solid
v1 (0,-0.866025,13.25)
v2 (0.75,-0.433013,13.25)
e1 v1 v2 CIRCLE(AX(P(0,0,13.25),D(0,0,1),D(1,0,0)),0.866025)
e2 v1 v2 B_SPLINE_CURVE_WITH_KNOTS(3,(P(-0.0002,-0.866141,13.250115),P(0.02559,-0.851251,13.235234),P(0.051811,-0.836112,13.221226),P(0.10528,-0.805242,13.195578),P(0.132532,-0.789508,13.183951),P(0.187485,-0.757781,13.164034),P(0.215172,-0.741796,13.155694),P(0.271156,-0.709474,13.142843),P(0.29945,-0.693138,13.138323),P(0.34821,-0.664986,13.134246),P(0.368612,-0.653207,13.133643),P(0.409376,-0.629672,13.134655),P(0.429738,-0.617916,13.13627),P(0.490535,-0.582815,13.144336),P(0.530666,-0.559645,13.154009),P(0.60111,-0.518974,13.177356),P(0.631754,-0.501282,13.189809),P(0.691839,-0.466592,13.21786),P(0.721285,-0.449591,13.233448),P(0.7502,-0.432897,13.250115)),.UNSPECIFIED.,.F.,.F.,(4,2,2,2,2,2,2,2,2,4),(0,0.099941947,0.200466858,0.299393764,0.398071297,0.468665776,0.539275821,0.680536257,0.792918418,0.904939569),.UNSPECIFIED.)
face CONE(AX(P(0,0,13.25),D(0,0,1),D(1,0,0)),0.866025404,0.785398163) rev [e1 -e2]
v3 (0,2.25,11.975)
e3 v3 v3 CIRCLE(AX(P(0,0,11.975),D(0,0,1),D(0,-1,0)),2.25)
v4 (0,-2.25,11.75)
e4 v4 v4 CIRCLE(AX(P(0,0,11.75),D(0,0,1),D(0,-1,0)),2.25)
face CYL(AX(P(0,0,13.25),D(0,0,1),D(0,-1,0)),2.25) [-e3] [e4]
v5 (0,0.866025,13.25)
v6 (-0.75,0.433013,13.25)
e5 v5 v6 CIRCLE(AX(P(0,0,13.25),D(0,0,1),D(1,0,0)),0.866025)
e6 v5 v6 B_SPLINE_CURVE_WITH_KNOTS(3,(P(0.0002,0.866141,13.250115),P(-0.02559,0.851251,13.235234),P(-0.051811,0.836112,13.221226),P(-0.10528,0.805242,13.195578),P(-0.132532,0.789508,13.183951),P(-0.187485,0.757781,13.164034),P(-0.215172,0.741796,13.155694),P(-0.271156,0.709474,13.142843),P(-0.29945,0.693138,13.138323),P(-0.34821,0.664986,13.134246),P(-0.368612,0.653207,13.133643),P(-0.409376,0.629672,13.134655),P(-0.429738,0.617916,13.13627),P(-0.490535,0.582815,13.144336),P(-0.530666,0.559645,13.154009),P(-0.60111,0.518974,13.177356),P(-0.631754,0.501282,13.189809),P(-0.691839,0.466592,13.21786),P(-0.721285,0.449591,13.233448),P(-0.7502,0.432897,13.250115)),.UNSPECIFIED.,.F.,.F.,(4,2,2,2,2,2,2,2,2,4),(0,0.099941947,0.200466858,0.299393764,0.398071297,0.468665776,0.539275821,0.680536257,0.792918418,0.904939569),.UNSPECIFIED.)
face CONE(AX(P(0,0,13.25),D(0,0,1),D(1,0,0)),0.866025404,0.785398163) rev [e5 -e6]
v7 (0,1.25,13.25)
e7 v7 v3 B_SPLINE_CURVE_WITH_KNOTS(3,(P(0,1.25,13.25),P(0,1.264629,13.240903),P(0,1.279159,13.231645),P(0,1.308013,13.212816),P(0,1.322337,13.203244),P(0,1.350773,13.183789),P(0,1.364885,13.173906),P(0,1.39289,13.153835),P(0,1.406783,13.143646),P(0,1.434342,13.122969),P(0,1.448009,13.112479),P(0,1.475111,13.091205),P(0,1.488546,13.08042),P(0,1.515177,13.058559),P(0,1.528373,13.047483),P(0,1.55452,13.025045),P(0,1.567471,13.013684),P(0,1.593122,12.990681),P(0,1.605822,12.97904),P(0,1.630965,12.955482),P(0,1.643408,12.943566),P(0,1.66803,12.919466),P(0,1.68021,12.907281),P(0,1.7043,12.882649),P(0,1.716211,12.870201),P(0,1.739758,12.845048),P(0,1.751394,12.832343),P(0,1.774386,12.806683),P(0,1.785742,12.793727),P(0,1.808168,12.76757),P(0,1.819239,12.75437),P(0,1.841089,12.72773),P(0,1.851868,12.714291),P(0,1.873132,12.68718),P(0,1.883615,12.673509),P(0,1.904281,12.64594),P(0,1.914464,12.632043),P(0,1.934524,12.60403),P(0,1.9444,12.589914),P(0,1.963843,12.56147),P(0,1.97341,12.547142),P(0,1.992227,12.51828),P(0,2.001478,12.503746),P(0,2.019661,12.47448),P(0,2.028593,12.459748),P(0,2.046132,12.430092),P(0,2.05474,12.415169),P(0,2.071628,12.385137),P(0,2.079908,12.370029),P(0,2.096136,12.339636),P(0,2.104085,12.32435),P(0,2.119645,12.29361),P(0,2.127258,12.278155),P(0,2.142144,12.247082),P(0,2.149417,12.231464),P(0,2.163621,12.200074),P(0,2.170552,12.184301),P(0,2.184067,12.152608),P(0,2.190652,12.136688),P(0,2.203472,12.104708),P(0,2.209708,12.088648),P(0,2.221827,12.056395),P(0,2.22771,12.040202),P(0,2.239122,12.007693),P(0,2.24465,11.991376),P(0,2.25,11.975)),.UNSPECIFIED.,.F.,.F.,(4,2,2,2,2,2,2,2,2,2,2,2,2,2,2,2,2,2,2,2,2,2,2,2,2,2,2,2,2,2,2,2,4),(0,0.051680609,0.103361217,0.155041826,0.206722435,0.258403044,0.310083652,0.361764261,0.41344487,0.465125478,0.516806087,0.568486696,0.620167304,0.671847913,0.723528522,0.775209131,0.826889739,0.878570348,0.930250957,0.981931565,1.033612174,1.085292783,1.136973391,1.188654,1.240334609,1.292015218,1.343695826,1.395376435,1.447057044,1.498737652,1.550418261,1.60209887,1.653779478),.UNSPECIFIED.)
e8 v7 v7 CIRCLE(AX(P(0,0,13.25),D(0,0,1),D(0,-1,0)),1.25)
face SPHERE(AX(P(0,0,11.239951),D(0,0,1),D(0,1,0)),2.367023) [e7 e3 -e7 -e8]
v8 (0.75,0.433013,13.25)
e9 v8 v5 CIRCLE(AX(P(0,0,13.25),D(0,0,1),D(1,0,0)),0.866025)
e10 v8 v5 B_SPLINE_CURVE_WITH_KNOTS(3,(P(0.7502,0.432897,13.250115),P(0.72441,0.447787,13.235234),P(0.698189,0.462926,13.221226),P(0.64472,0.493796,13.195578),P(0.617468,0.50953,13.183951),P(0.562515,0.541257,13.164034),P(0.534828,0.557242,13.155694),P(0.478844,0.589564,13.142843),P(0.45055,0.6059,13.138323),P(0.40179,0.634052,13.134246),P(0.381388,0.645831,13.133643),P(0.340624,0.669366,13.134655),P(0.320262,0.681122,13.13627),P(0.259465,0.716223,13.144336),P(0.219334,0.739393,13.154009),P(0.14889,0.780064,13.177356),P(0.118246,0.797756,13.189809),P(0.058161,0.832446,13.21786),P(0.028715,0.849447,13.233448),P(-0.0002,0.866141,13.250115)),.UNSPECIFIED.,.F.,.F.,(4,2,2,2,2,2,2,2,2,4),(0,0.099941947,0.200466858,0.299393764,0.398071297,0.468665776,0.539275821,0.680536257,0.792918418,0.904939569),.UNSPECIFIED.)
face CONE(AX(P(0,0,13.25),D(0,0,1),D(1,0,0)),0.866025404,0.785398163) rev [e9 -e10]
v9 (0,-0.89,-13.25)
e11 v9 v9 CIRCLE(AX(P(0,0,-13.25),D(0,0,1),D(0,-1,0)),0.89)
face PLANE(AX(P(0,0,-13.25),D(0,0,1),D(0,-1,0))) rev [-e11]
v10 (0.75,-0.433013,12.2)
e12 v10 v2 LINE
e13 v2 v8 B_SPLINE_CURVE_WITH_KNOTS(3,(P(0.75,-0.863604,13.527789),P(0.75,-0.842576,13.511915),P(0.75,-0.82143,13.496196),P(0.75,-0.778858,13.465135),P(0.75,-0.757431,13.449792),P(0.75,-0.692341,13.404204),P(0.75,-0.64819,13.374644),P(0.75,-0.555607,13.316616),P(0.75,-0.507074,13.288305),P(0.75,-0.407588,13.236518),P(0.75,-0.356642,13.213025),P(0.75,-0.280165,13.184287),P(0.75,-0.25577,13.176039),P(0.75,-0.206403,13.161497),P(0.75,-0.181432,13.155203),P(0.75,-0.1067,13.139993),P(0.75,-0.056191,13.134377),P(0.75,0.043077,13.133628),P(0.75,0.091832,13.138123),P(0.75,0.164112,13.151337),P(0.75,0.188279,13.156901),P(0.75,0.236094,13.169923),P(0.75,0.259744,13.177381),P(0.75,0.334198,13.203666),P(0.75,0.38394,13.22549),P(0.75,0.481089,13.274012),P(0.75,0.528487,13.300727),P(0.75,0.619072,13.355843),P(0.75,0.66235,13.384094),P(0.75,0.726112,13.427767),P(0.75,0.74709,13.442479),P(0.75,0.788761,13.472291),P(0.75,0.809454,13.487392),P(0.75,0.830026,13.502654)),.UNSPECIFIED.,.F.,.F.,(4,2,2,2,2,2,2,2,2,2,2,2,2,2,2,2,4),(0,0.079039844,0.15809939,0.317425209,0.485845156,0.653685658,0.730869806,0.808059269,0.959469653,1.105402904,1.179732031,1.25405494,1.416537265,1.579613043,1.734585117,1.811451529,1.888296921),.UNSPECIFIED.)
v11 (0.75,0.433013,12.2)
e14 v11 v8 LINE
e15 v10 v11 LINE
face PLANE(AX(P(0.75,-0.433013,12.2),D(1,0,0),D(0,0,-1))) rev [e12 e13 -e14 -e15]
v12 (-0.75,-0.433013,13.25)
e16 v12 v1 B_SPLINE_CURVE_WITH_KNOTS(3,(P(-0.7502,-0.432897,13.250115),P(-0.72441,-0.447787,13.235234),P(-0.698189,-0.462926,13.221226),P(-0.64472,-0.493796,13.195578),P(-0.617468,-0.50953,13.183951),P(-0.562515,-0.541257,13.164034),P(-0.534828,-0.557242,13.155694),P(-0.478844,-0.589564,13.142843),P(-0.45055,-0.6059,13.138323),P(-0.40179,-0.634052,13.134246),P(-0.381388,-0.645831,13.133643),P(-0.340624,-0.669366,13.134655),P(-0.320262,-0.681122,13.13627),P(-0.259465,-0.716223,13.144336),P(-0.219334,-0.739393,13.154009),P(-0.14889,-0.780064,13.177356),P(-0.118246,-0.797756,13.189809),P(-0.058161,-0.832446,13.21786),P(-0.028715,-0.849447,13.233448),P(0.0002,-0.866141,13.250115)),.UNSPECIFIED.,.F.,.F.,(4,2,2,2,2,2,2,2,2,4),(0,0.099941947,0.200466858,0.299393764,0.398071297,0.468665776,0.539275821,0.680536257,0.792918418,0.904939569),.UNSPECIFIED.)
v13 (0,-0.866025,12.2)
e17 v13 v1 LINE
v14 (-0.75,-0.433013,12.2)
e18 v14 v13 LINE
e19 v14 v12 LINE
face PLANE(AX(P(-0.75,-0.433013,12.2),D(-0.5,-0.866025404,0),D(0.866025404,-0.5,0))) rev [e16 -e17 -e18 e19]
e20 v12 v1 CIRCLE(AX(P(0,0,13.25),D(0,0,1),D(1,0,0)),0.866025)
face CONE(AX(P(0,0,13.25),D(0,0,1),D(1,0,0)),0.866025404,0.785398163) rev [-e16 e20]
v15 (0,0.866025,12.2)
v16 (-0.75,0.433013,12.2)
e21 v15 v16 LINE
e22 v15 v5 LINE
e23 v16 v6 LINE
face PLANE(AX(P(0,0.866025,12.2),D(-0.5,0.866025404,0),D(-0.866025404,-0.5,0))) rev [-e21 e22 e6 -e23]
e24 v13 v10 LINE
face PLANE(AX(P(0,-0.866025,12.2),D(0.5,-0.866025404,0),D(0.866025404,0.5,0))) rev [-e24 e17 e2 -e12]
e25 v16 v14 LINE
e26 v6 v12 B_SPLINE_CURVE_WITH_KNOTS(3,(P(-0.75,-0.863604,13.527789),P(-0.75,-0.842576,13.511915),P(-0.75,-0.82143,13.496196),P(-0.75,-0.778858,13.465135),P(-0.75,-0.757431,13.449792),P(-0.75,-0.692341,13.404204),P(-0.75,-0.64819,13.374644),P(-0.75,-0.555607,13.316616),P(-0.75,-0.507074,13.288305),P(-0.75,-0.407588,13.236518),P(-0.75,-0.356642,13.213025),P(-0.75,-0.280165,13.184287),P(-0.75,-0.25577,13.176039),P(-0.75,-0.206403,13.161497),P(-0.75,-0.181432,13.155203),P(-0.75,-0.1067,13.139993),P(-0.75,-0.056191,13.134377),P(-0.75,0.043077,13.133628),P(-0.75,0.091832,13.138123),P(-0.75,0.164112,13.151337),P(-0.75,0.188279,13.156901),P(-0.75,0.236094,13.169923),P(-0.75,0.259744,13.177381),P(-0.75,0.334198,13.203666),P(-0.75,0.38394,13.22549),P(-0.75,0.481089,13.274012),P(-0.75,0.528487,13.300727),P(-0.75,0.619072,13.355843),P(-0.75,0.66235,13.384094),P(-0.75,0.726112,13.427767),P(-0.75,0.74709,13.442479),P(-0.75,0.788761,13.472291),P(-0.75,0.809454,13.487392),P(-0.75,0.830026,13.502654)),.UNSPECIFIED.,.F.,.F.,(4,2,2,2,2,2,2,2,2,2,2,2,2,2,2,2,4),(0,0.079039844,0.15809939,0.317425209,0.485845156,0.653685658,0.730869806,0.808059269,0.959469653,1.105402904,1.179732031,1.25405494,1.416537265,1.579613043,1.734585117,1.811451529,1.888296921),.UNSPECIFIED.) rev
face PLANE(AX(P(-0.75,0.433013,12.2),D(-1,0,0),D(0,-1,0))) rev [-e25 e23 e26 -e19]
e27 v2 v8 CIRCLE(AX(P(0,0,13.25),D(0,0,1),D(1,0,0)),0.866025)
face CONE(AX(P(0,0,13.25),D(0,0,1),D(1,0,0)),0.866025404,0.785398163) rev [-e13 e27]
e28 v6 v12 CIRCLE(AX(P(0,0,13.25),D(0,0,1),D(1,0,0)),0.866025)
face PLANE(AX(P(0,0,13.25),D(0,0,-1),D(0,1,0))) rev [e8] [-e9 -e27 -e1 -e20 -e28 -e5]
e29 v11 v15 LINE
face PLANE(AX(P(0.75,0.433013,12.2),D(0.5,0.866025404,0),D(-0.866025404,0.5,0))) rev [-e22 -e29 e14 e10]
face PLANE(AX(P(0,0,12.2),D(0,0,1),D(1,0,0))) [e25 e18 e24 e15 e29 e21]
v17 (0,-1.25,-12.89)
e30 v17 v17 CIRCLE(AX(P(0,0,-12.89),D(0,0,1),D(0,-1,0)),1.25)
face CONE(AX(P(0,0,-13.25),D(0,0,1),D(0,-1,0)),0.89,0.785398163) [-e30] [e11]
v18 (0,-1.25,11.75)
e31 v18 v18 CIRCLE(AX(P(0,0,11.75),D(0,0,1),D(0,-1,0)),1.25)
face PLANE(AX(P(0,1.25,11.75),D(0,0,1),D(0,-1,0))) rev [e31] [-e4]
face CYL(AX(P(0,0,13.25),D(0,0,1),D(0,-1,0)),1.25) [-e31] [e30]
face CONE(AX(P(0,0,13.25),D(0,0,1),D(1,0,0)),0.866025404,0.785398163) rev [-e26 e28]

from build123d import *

# Parameters (mm, degrees)
CUT_EXTRUDE1_DEPTH = 1.05


with BuildPart() as part:
    # Sketch2 → Revolve1 (revolve)
    with BuildSketch(Plane(origin=(0, 0, 0), x_dir=(0, 0, -1), z_dir=(1, 0, 0)), mode=Mode.PRIVATE) as revolve1_sk:
        with BuildLine():
            Line((-13.25, 0), (13.25, 0))
            Line((13.25, 0), (13.25, 0.89))
            Line((13.25, 0.89), (12.89, 1.25))
            Line((12.89, 1.25), (-11.75, 1.25))
            Line((-11.75, 1.25), (-11.75, 2.25))
            Line((-11.75, 2.25), (-11.975, 2.25))
            ThreePointArc((-11.975, 2.25), (-12.700735294, 1.8625), (-13.25, 1.25))
            Line((-13.25, 1.25), (-13.25, 0))
        make_face()
    revolve(revolve1_sk.sketch.rotate(Axis((0, 0, 13.25), (0, 0, -1)), 180), axis=Axis((0, 0, 13.25), (0, 0, -1)))

    # Sketch3 → Cut-Extrude1 (cut)
    with BuildSketch(Plane.XY.offset(13.25)):
        Polygon((0, 0.866025404), (-0.75, 0.433012702), (-0.75, -0.433012702), (0, -0.866025404), (0.75, -0.433012702), (0.75, 0.433012702), align=None)
    extrude(amount=-CUT_EXTRUDE1_DEPTH, mode=Mode.SUBTRACT)

    # Cut-Extrude2 cone 1 section (through the dimple's axis) → Cut-Extrude2 (revolve, cut)
    with BuildSketch(Plane(origin=(0, 0, 13.25), x_dir=(0, -1, 0), z_dir=(1, 0, 0))):
        Polygon((0, 0), (0.866025404, 0), (0, 0.866025404), align=None)
    revolve(axis=Axis((0, 0, 13.25), (0, 0, -1)), mode=Mode.SUBTRACT)


solid = part.part
